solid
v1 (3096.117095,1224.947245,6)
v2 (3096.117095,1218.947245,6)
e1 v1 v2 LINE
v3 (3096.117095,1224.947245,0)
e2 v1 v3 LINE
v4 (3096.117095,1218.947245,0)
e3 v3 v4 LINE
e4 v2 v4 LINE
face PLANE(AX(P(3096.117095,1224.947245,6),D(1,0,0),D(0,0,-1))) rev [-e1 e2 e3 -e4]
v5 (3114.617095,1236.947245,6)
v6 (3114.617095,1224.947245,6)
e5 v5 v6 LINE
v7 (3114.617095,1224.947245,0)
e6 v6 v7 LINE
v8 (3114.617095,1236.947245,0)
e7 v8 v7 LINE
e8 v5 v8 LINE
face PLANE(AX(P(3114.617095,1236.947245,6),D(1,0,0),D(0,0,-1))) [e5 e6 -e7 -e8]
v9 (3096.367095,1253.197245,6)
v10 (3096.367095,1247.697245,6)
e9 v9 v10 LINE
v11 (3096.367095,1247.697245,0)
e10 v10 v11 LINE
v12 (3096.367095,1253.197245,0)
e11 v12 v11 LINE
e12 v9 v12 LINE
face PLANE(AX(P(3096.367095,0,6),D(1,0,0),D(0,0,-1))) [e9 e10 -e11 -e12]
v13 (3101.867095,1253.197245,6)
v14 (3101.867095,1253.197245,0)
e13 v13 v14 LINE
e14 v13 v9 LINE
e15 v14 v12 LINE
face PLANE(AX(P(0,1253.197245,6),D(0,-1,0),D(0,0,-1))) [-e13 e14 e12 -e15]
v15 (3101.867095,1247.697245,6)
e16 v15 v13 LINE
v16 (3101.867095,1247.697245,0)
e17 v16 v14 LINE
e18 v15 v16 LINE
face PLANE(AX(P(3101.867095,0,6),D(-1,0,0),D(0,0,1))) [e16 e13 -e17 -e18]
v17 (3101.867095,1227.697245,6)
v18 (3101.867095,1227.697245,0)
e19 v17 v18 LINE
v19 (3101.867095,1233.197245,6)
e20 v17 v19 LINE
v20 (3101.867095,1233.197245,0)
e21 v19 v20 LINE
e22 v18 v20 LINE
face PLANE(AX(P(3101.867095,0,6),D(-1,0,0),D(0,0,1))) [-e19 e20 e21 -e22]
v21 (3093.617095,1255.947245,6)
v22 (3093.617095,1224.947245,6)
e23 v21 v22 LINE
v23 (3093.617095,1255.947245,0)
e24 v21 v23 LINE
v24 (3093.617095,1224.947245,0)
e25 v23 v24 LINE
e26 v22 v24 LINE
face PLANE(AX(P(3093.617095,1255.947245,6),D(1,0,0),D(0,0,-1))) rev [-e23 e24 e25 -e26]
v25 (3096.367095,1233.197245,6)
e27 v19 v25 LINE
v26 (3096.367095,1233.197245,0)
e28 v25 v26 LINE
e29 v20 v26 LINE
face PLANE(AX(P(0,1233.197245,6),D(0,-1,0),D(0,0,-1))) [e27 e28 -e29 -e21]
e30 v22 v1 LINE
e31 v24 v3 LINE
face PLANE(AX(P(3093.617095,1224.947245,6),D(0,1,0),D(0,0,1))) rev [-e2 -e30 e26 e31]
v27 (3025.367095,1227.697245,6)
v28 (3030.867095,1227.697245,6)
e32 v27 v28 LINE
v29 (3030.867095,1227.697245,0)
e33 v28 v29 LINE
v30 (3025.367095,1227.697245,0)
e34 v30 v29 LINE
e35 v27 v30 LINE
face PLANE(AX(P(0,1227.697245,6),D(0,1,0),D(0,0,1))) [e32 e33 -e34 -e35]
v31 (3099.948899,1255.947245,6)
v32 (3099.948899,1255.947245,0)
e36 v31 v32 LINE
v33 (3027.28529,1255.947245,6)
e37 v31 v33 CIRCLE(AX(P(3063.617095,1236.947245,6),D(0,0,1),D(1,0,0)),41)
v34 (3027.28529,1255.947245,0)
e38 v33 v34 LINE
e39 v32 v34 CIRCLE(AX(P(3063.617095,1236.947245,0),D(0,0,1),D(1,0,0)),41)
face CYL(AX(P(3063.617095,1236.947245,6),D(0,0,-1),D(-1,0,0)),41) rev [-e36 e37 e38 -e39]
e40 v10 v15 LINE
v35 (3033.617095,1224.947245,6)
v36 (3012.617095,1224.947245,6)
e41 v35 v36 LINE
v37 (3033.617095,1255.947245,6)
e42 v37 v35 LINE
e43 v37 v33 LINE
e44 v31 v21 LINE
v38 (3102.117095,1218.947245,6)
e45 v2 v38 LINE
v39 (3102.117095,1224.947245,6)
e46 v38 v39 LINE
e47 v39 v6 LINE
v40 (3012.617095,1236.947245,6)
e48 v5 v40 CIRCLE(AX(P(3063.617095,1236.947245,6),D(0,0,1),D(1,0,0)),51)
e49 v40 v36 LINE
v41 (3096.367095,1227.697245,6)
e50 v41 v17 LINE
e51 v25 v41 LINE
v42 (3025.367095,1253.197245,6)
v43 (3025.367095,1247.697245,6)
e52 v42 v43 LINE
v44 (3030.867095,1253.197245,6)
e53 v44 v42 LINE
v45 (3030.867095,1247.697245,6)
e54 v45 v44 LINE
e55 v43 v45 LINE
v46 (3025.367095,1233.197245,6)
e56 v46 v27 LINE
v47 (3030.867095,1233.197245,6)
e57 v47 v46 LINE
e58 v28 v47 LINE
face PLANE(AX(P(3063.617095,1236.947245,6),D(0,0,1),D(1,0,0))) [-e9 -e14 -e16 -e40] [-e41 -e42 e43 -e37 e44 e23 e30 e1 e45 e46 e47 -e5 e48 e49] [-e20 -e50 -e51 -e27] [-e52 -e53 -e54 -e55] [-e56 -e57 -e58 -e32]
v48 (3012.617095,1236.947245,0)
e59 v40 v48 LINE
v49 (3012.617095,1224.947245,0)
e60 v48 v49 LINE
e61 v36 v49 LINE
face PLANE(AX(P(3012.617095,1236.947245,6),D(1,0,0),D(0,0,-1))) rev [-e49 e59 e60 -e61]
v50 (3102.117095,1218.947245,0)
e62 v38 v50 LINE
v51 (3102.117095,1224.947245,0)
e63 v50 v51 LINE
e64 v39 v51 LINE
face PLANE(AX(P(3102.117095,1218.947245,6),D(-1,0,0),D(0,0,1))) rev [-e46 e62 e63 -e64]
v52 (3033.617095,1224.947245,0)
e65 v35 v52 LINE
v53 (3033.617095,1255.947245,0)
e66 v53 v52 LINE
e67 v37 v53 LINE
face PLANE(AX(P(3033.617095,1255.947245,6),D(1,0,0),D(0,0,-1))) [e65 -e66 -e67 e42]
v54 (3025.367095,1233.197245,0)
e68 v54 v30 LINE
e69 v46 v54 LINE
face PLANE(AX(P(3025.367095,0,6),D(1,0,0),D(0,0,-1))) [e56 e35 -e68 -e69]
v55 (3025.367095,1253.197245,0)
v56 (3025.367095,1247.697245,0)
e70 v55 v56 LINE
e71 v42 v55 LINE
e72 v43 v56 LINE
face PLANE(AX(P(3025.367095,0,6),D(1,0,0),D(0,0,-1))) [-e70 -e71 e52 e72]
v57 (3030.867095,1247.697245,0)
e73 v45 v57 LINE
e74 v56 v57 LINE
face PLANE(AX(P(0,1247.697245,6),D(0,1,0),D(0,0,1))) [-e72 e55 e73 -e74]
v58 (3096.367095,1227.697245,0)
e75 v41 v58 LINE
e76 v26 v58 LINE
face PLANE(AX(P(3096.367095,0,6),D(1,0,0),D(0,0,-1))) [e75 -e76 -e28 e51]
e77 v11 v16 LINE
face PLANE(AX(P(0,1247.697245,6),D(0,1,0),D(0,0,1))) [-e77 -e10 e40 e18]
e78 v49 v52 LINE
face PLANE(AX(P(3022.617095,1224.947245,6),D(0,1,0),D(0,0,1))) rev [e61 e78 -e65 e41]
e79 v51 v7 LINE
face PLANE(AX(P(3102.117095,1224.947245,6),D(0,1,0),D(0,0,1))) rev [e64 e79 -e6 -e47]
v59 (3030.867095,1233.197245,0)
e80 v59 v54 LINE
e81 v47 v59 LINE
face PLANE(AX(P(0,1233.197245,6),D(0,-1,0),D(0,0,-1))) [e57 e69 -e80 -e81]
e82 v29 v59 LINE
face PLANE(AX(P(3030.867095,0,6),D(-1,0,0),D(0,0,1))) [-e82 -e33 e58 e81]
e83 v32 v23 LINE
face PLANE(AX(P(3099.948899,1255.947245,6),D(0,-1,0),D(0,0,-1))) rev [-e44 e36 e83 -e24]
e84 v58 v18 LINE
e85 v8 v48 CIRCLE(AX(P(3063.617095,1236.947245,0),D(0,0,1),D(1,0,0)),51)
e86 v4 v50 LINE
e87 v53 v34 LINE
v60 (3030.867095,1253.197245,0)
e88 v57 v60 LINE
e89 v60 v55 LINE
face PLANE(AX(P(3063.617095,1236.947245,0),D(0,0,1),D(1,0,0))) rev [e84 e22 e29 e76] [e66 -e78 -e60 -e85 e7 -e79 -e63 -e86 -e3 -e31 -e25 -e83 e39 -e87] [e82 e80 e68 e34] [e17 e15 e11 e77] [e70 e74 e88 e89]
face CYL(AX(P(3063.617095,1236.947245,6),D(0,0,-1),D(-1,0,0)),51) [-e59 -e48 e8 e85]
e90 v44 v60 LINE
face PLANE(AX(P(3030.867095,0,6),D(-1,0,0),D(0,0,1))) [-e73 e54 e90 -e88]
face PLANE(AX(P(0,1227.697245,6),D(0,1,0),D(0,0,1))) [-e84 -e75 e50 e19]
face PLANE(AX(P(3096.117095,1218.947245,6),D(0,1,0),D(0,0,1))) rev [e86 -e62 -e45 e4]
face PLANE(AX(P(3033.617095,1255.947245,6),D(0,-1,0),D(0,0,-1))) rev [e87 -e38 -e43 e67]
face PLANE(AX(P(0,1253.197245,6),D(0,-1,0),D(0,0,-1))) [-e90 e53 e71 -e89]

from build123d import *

# Parameters (mm, degrees)
MODEL_W             = 5.5
MODEL_H             = 5.5
BOSS_EXTRUDE1_DEPTH = 6


with BuildPart() as part:
    # Model → Boss-Extrude1 (new body)
    with BuildSketch(Plane.XY):
        with BuildLine():
            Line((3012.617094743, 1236.947244933), (3012.617094743, 1224.947244933))
            Line((3012.617094743, 1224.947244933), (3022.617094743, 1224.947244933))
            Line((3022.617094743, 1224.947244933), (3033.617094743, 1224.947244933))
            Line((3033.617094743, 1224.947244933), (3033.617094743, 1255.947244933))
            Line((3033.617094743, 1255.947244933), (3027.285290494, 1255.947244933))
            ThreePointArc((3027.285290494, 1255.947244933), (3063.617094743, 1277.947244933), (3099.948898993, 1255.947244933))
            Line((3099.948898993, 1255.947244933), (3093.617094743, 1255.947244933))
            Line((3093.617094743, 1255.947244933), (3093.617094743, 1224.947244933))
            Line((3093.617094743, 1224.947244933), (3096.117094743, 1224.947244933))
            Line((3096.117094743, 1224.947244933), (3096.117094743, 1218.947244933))
            Line((3096.117094743, 1218.947244933), (3102.117094743, 1218.947244933))
            Line((3102.117094743, 1218.947244933), (3102.117094743, 1224.947244933))
            Line((3102.117094743, 1224.947244933), (3114.617094743, 1224.947244933))
            Line((3114.617094743, 1224.947244933), (3114.617094743, 1236.947244933))
            ThreePointArc((3114.617094743, 1236.947244933), (3063.617094743, 1287.947244933), (3012.617094743, 1236.947244933))
        make_face()
        with Locations((3099.117094743, 1230.447244933)):
            Rectangle(MODEL_W, MODEL_H, mode=Mode.SUBTRACT)
        with Locations((3099.117094743, 1250.447244933)):
            Rectangle(MODEL_W, MODEL_H, mode=Mode.SUBTRACT)
        with Locations((3028.117094743, 1230.447244933)):
            Rectangle(MODEL_W, MODEL_H, mode=Mode.SUBTRACT)
        with Locations((3028.117094743, 1250.447244933)):
            Rectangle(MODEL_W, MODEL_H, mode=Mode.SUBTRACT)
    extrude(amount=BOSS_EXTRUDE1_DEPTH)


solid = part.part
